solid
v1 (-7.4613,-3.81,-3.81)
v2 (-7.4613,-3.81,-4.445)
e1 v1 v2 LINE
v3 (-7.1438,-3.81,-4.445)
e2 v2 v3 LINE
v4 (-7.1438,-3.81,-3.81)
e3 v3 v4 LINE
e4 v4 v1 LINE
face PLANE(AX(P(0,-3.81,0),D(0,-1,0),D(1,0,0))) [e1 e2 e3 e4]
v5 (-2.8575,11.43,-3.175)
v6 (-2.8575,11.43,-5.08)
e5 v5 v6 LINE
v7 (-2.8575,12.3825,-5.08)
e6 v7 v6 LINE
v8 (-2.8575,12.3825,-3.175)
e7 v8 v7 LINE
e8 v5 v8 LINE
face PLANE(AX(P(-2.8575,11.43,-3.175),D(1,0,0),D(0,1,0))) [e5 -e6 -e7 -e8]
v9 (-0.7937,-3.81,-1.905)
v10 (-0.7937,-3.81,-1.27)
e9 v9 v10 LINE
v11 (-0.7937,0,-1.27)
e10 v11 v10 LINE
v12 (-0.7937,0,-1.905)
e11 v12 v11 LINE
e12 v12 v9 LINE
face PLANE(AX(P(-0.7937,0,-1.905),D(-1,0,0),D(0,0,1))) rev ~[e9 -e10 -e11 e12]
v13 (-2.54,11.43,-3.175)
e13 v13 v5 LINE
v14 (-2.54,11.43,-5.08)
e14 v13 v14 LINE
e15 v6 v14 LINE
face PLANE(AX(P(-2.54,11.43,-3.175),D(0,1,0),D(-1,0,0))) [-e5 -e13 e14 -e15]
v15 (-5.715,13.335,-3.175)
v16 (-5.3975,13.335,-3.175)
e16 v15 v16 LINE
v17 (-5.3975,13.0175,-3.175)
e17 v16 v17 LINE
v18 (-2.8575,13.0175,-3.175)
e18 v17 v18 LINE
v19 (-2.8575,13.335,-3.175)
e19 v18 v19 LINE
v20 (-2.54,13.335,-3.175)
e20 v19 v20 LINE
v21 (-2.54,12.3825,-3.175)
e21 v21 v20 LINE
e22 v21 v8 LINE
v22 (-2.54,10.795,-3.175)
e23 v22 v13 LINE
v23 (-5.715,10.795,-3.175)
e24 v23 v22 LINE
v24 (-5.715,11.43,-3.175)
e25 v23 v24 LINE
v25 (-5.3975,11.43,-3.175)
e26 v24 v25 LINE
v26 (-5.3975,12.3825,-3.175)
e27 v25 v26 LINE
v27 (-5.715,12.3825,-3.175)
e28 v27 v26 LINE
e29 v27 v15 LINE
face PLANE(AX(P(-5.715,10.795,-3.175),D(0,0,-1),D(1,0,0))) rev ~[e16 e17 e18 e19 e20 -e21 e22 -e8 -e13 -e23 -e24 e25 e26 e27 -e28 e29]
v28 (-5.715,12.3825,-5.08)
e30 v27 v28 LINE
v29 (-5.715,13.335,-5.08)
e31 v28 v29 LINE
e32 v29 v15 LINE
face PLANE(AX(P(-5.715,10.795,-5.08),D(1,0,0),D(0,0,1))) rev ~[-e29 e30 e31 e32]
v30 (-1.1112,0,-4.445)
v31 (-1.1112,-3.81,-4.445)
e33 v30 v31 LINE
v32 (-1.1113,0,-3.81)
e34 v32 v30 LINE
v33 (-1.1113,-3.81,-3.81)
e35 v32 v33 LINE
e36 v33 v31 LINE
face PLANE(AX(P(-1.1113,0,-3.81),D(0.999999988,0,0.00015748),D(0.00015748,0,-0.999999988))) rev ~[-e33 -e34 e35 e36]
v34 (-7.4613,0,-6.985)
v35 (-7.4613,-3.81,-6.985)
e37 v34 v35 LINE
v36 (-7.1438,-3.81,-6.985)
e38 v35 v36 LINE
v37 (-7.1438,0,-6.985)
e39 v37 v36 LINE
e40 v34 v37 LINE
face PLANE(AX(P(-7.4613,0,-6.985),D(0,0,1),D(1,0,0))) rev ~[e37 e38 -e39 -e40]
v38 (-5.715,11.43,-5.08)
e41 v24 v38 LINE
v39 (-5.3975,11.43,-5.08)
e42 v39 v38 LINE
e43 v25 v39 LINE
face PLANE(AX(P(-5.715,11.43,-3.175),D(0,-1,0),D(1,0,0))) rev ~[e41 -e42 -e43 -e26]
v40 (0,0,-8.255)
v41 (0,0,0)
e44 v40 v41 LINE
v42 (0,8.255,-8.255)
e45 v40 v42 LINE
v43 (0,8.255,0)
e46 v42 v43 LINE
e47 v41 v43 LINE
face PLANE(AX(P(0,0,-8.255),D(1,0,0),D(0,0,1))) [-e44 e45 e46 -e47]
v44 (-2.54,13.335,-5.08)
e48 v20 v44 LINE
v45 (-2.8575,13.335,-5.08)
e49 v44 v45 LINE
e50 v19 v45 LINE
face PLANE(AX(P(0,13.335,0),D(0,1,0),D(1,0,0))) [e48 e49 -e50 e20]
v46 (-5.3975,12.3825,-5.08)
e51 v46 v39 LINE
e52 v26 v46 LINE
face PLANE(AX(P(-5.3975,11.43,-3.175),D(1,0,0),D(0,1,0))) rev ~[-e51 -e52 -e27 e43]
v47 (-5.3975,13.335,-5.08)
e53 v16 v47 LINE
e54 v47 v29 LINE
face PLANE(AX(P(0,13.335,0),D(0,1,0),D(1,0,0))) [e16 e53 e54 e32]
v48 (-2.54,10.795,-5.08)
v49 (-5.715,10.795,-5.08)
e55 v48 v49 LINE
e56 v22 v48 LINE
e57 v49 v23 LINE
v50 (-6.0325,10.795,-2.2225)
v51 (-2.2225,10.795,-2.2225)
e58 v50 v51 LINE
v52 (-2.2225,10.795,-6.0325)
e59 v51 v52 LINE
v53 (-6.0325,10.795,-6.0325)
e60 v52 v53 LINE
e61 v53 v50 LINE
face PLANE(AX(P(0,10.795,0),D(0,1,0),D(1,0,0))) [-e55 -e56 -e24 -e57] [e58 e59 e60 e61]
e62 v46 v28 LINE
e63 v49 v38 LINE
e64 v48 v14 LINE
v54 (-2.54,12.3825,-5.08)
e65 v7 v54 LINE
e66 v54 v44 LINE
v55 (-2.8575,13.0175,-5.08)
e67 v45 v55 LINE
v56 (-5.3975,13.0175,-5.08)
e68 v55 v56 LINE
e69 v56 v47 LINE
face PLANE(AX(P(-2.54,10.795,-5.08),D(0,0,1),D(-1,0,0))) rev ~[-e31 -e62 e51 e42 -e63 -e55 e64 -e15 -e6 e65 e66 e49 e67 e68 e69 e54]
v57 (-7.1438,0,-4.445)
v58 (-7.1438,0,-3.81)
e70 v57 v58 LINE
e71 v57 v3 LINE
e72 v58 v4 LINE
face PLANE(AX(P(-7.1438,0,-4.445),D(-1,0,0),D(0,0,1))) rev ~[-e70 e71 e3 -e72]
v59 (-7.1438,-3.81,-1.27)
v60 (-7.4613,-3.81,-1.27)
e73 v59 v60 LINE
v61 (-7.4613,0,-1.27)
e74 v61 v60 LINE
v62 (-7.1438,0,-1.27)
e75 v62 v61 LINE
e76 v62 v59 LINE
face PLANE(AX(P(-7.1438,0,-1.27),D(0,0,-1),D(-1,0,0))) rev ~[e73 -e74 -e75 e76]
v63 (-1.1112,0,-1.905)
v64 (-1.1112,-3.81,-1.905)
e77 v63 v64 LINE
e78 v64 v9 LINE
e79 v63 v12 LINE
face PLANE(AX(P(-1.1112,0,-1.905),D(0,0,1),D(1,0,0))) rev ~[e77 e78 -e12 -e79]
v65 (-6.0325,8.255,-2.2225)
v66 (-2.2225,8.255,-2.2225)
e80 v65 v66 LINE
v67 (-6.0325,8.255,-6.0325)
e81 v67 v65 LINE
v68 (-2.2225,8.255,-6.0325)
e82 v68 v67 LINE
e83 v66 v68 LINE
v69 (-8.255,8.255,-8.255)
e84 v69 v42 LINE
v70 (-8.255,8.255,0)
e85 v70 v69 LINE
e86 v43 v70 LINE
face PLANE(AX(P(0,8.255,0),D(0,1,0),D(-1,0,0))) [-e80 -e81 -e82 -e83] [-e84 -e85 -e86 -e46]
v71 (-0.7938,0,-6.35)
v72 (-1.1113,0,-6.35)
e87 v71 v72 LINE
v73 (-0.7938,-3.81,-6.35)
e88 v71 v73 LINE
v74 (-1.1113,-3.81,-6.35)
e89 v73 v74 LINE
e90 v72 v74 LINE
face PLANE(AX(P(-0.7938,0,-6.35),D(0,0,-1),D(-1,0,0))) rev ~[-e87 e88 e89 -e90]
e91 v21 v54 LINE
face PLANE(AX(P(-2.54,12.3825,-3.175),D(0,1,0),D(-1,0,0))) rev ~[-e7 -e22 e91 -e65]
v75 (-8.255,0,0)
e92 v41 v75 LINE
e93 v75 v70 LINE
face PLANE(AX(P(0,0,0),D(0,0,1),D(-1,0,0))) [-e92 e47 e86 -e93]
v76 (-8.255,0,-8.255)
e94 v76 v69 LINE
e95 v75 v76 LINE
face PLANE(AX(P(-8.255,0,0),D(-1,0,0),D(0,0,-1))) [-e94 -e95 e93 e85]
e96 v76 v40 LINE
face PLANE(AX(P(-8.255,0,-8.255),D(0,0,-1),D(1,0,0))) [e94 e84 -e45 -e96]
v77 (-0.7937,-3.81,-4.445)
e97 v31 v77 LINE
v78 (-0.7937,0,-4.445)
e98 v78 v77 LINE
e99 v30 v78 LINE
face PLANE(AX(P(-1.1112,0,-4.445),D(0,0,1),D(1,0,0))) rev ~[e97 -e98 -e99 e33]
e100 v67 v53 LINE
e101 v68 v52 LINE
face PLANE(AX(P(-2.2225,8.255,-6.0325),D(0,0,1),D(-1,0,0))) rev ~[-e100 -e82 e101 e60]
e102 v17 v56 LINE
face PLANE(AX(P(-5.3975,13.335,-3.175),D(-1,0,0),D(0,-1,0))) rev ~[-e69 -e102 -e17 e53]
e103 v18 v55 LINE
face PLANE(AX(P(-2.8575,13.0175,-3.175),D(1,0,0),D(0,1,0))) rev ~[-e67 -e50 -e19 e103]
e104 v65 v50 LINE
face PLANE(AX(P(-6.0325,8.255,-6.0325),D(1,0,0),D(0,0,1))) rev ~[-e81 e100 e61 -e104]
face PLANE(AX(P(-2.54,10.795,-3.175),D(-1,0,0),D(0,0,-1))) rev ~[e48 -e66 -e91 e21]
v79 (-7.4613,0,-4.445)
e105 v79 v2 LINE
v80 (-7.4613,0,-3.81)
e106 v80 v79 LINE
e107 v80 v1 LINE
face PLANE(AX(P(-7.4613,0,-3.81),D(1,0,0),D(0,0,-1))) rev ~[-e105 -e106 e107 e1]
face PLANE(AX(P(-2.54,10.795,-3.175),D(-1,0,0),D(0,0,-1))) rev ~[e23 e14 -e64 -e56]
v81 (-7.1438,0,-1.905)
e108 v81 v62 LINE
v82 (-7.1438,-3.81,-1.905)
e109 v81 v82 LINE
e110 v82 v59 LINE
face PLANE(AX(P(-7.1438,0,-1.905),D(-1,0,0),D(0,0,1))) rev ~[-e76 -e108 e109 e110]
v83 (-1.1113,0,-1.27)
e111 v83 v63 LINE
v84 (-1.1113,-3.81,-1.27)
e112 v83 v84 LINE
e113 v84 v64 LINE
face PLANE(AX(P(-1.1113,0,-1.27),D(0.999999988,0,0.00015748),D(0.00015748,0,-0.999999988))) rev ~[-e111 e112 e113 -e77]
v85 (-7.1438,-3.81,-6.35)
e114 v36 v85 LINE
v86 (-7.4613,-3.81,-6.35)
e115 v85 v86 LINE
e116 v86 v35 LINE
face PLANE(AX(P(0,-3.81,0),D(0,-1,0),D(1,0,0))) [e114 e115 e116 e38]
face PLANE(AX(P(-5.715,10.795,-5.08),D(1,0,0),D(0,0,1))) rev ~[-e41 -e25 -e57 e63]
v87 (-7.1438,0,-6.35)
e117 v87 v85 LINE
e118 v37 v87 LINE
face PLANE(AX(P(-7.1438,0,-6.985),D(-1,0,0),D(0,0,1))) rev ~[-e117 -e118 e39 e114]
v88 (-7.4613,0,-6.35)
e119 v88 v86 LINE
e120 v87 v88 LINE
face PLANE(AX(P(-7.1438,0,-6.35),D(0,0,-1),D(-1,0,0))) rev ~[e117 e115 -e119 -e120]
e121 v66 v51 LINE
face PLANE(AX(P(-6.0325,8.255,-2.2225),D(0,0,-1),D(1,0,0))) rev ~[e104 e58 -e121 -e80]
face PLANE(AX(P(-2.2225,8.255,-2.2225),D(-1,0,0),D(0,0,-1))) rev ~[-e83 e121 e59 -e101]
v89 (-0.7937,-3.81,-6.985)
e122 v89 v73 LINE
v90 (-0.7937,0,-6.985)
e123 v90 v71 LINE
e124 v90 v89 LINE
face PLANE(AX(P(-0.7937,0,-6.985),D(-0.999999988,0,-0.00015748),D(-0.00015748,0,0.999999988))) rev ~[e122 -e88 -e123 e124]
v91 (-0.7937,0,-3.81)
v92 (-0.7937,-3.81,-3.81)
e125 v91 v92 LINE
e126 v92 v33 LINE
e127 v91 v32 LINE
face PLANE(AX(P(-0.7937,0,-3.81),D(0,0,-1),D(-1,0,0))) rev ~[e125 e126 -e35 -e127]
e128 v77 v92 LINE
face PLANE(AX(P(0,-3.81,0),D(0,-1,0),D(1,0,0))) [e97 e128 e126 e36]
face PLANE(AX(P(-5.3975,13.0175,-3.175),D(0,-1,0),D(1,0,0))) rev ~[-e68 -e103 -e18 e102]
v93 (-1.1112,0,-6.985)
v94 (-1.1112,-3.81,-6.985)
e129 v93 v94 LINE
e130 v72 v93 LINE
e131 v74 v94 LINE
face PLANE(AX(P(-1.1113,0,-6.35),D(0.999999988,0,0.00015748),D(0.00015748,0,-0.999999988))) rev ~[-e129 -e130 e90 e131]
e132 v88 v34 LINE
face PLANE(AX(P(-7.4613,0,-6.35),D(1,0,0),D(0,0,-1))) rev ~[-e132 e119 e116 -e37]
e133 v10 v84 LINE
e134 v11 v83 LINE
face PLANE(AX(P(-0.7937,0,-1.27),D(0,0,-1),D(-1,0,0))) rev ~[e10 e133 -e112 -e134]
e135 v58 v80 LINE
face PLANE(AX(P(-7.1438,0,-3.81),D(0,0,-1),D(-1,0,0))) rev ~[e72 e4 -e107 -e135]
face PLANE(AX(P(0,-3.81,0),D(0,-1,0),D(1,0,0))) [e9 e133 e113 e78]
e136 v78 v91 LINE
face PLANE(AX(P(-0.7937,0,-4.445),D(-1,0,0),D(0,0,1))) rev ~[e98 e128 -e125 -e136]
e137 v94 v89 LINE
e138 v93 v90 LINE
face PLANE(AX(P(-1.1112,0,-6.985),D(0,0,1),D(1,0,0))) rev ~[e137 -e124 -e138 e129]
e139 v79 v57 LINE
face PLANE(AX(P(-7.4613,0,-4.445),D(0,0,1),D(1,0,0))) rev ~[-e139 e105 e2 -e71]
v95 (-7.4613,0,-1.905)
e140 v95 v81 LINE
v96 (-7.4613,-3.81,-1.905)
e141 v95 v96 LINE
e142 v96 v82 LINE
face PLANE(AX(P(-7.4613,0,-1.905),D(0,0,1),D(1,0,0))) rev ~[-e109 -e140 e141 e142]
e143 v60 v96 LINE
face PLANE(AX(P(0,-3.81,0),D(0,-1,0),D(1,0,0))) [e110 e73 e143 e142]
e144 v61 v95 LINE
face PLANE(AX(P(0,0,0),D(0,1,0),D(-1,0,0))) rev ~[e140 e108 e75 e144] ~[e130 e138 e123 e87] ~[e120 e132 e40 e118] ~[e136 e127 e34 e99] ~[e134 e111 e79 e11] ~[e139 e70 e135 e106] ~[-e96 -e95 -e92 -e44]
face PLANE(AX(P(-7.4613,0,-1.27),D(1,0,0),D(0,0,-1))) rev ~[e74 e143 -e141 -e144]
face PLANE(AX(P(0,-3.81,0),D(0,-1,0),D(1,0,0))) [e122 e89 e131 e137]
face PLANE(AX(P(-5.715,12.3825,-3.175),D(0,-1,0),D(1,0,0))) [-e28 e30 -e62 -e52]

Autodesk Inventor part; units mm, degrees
ref_plane "YZ Plane" through (0, 0, 0) normal (1, 0, 0) x (0, 1, 0)
ref_plane "XZ Plane" through (0, 0, 0) normal (0, 1, 0) x (-1, 0, 0)
sketch "Náčrt1" plane through (0, 0, 0) normal (0, 1, 0) x (-1, 0, 0)
  line L0 (0, 0) -> (8.255, 0)
  line L1 (8.255, 0) -> (8.255, -8.255)
  line L2 (8.255, -8.255) -> (0, -8.255)
  line L3 (0, -8.255) -> (0, 0)
  dimension "d0" = 8.255
  dimension "d1" = 8.255
extrude "Vysunutí1" add sketch "Náčrt1" along normal blind 8.255
sketch "Náčrt2" plane through (0, 0, 0) normal (0, -1, 0) x (1, 0, 0)
  line L0 (0, 0) -> (-8.255, 0) projected
  line L1 (0, -8.255) -> (0, 0) projected
  line L2 (-0.7937, -1.27) -> (-1.1113, -1.27)
  line L3 (-1.1113, -1.27) -> (-1.1112, -1.905)
  line L4 (-1.1112, -1.905) -> (-0.7937, -1.905)
  line L5 (-0.7937, -1.905) -> (-0.7937, -1.27)
  line L6 (-0.7937, -3.81) -> (-1.1113, -3.81)
  line L7 (-1.1113, -3.81) -> (-1.1112, -4.445)
  line L8 (-1.1112, -4.445) -> (-0.7937, -4.445)
  line L9 (-0.7937, -4.445) -> (-0.7937, -3.81)
  line L10 (-0.7938, -6.35) -> (-1.1113, -6.35)
  line L11 (-1.1113, -6.35) -> (-1.1112, -6.985)
  line L12 (-1.1112, -6.985) -> (-0.7937, -6.985)
  line L13 (-0.7937, -6.985) -> (-0.7938, -6.35)
  line L14 (-7.1438, -1.27) -> (-7.4613, -1.27)
  line L15 (-7.4613, -1.27) -> (-7.4613, -1.905)
  line L16 (-7.4613, -1.905) -> (-7.1438, -1.905)
  line L17 (-7.1438, -1.905) -> (-7.1438, -1.27)
  line L18 (-7.1438, -3.81) -> (-7.4613, -3.81)
  line L19 (-7.4613, -3.81) -> (-7.4613, -4.445)
  line L20 (-7.4613, -4.445) -> (-7.1438, -4.445)
  line L21 (-7.1438, -4.445) -> (-7.1438, -3.81)
  line L22 (-7.1438, -6.35) -> (-7.4613, -6.35)
  line L23 (-7.4613, -6.35) -> (-7.4613, -6.985)
  line L24 (-7.4613, -6.985) -> (-7.1438, -6.985)
  line L25 (-7.1438, -6.985) -> (-7.1438, -6.35)
  point P0 (-4.1275, -4.1275)
  point P1 (-4.1275, -4.1275)
  dimension "d4" = 0.3175
  dimension "d5" = 0.635
  dimension "d8" = 2.54
  dimension "d11" = 6.35
  dimension "d15" = 8.255
extrude "Vysunutí2" add sketch "Náčrt2" along normal blind 3.81
sketch "Náčrt3" plane through (0, 8.255, 0) normal (0, 1, 0) x (1, 0, 0)
  line L0 (-6.0325, 2.2225) -> (-2.2225, 2.2225)
  line L1 (-2.2225, 2.2225) -> (-2.2225, 6.0325)
  line L2 (-2.2225, 6.0325) -> (-6.0325, 6.0325)
  line L3 (-6.0325, 6.0325) -> (-6.0325, 2.2225)
  line L4 (-6.0325, 2.2225) -> (-2.2225, 6.0325) construction
  line L5 (-2.2225, 2.2225) -> (-6.0325, 6.0325) construction
  point P0 (-4.1275, 4.1275)
  dimension "d18" = 3.81
  dimension "d19" = 3.81
extrude "Vysunutí3" add sketch "Náčrt3" along normal blind 2.54
sketch "Náčrt4" plane through (0, 10.795, 0) normal (0, 1, 0) x (1, 0, 0)
  line L0 (-5.715, 3.175) -> (-2.54, 3.175)
  line L1 (-2.54, 3.175) -> (-2.54, 5.08)
  line L2 (-2.54, 5.08) -> (-5.715, 5.08)
  line L3 (-5.715, 5.08) -> (-5.715, 3.175)
  line L4 (-5.715, 3.175) -> (-2.54, 5.08) construction
  line L5 (-2.54, 3.175) -> (-5.715, 5.08) construction
  point P0 (0, 0)
  point P1 (-4.1275, 4.1275)
  dimension "d22" = 3.175
  dimension "d23" = 1.905
extrude "Vysunutí4" add sketch "Náčrt4" along normal blind 2.54
sketch "Náčrt6" plane through (-5.715, 10.795, -3.175) normal (0, 0, 1) x (1, 0, 0)
  line L0 (0, 2.54) -> (3.175, 2.54) projected
  line L1 (0.3175, 2.2225) -> (2.8575, 2.2225)
  line L2 (2.8575, 2.2225) -> (2.8575, 2.54)
  line L3 (0.3175, 2.54) -> (0.3175, 2.2225)
  line L4 (0, 0.635) -> (0.3175, 0.635)
  line L5 (0.3175, 0.635) -> (0.3175, 1.5875)
  line L6 (3.175, 0.635) -> (2.8575, 0.635)
  line L7 (2.8575, 0.635) -> (2.8575, 1.5875)
  line L8 (0.3175, 2.54) -> (2.8575, 2.54)
  line L9 (3.175, 1.5875) -> (3.175, 0.635)
  line L10 (0, 1.5875) -> (0, 0.635)
  line L11 (0, 0) -> (0, 2.54) projected
  line L12 (0, 1.5875) -> (0.3175, 1.5875)
  line L13 (3.175, 0) -> (3.175, 2.54) projected
  line L14 (3.175, 1.5875) -> (2.8575, 1.5875)
  point P0 (5.715, -10.795)
  point P1 (1.5875, 2.54)
extrude "Vysunutí5" cut sketch "Náčrt6" against normal up to next
ref_plane "Pracovní rovina1" through (0, 4.1275, 0) normal (0, -1, 0) x (1, 0, 0)
split_face "Rozdělit1"
sketch "Náčrt7" plane through (-8.255, 0, 0) normal (0, 0, 1) x (1, 0, 0)
  line L0 (0, 4.1275) -> (8.255, 4.1275) projected
  line L1 (8.255, 0) -> (0, 0) projected
  line L2 (5.715, 4.1275) -> (5.715, 2.2225)
  line L3 (2.54, 2.2225) -> (2.54, 4.1275)
  line L4 (1.27, 0) -> (6.985, 0)
  line L5 (6.985, 0) -> (6.985, 2.2225)
  line L6 (1.27, 2.2225) -> (1.27, 0)
  line L7 (1.27, 2.2225) -> (2.54, 2.2225)
  line L8 (5.715, 2.2225) -> (6.985, 2.2225)
  line L9 (2.54, 4.1275) -> (5.715, 4.1275)
  point P0 (4.1275, 4.1275)
  point P1 (4.1275, 2.2225)
split_face "Rozdělit2"
properties part number "PushButton"
